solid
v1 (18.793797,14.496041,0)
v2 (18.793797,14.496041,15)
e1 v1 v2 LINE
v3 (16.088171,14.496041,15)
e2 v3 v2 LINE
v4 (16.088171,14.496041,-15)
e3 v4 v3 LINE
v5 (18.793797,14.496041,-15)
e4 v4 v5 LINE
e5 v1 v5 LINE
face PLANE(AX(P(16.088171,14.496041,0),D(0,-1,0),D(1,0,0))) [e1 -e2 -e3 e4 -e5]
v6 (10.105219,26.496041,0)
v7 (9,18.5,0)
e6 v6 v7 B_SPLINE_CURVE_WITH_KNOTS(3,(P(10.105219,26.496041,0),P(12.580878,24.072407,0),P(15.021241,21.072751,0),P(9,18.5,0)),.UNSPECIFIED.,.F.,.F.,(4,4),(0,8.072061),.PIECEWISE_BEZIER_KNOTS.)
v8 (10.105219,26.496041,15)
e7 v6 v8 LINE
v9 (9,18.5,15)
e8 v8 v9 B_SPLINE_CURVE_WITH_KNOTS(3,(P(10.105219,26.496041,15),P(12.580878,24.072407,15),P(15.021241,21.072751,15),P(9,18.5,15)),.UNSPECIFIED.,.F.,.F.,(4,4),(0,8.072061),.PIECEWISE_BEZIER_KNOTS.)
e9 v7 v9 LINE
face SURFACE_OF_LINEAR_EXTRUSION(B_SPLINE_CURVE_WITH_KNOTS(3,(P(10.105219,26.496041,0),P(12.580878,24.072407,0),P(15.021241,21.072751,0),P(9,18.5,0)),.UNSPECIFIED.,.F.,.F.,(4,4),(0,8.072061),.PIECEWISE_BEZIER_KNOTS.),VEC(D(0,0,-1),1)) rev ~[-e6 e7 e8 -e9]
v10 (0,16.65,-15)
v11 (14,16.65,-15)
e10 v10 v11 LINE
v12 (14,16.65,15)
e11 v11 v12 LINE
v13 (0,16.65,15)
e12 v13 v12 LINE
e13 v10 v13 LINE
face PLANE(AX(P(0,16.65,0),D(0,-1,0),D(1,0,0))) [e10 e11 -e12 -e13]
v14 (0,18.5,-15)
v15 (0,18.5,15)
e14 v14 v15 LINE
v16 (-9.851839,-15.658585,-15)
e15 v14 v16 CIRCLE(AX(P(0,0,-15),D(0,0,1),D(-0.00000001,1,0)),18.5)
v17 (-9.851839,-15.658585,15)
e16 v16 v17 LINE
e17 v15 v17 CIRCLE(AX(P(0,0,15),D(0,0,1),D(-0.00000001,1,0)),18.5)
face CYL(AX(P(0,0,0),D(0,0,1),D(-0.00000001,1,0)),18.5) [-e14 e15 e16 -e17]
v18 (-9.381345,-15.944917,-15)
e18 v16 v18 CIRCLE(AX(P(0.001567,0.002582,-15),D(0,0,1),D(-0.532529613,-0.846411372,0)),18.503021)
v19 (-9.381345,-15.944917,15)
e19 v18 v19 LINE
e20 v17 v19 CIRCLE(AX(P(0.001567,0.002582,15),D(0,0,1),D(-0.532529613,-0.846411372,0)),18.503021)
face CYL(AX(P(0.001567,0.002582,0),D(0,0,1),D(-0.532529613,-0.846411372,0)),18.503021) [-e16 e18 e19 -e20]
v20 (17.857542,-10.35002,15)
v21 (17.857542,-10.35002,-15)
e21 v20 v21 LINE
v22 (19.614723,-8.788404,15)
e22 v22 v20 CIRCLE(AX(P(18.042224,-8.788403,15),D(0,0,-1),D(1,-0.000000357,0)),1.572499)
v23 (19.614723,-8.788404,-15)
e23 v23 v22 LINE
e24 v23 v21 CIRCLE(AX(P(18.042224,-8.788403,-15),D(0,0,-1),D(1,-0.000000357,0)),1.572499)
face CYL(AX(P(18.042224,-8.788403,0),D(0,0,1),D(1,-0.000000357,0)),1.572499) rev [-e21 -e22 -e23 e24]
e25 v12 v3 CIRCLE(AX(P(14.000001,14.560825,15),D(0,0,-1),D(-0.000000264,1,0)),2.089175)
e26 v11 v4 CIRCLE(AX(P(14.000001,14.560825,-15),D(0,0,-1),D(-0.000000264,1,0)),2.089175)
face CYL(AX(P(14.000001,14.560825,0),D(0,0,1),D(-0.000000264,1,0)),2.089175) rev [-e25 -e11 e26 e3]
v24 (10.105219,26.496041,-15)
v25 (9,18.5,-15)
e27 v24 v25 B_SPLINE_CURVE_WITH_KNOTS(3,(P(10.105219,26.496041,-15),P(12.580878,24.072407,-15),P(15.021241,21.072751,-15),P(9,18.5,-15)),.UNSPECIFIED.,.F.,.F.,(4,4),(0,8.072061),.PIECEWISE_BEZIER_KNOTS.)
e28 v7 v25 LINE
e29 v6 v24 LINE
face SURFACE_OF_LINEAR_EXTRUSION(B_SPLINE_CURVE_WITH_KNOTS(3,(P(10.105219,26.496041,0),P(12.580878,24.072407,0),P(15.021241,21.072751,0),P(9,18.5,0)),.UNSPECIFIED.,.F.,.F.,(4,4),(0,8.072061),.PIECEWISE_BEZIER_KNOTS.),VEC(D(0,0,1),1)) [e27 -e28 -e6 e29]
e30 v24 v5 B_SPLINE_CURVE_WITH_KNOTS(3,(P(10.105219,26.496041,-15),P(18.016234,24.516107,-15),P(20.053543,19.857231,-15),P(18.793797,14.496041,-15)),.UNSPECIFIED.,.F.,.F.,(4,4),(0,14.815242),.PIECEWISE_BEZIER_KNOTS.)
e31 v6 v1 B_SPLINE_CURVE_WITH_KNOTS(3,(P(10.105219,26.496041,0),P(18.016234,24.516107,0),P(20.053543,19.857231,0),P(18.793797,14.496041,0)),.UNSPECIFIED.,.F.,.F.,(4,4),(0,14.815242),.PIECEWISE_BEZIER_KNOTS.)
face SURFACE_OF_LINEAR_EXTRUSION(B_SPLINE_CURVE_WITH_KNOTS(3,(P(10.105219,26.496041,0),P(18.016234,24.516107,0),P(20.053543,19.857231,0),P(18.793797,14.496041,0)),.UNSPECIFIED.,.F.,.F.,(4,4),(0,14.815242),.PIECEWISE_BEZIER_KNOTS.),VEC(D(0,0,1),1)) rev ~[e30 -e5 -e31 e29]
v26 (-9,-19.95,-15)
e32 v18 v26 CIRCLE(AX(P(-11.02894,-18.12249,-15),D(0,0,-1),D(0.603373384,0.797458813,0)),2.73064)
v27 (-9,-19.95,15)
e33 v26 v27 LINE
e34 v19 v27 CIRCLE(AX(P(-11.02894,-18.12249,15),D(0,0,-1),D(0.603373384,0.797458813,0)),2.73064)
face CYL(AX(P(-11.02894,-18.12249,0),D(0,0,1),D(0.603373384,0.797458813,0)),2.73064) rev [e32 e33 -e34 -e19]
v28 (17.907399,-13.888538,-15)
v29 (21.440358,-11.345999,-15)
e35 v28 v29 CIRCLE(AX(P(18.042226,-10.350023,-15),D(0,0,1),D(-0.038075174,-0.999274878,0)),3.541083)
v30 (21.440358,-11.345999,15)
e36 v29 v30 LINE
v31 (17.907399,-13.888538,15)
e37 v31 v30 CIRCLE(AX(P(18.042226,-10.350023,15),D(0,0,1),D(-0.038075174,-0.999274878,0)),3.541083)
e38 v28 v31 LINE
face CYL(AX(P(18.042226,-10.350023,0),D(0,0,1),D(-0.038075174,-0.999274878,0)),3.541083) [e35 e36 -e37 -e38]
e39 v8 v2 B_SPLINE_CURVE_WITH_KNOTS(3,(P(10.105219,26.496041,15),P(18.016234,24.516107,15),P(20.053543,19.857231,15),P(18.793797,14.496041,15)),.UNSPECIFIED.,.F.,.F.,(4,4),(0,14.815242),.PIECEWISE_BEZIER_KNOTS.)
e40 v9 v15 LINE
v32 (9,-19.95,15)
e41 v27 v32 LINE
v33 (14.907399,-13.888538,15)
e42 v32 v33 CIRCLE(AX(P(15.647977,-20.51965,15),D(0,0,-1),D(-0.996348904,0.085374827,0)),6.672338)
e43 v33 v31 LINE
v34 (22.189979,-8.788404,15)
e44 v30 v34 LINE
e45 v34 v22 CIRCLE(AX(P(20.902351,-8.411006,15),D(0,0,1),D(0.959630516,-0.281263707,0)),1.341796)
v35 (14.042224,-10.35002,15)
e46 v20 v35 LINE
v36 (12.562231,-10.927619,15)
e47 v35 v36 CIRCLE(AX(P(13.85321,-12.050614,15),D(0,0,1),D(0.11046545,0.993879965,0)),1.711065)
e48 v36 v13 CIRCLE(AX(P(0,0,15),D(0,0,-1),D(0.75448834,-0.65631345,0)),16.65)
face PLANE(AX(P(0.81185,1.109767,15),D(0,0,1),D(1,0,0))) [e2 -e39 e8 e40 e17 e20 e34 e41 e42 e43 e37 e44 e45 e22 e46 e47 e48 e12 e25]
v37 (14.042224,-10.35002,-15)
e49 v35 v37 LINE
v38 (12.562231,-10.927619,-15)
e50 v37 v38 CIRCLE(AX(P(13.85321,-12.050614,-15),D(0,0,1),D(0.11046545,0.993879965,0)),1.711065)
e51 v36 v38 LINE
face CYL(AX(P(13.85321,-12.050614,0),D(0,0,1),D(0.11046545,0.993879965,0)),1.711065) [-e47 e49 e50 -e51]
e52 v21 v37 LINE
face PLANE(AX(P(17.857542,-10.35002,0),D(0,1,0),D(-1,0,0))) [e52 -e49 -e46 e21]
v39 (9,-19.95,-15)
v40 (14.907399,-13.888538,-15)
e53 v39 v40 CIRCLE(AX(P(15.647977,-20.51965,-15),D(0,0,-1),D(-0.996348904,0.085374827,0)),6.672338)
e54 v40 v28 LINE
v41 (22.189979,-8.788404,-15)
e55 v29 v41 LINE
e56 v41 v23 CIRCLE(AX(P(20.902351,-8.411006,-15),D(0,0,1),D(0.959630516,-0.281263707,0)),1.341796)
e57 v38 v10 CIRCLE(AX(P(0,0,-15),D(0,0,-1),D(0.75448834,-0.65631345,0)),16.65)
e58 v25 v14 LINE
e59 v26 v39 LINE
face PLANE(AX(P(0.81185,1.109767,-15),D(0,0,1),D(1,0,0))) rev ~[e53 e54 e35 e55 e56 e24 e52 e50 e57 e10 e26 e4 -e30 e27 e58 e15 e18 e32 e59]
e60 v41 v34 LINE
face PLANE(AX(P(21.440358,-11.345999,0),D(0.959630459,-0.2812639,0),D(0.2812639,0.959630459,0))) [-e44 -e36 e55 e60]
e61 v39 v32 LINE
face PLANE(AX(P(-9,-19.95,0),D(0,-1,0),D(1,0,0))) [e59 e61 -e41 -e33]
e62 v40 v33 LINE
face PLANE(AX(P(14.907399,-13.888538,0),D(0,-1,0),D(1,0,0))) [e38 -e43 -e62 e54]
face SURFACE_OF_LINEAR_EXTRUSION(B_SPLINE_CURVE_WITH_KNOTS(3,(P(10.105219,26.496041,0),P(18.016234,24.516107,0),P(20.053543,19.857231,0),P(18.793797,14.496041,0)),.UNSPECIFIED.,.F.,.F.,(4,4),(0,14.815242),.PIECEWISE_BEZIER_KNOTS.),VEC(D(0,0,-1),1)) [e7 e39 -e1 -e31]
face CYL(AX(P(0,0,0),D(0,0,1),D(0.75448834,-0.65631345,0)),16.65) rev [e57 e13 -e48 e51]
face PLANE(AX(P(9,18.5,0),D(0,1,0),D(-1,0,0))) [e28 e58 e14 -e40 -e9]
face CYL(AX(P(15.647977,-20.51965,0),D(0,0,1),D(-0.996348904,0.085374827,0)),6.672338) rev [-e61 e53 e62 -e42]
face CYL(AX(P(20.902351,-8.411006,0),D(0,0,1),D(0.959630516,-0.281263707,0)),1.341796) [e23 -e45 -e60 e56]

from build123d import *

# Parameters (mm, degrees)
F1_DEPTH = 15


with BuildPart() as f1:
    # F0 (on Top) → F1 (new body, symmetric)
    with BuildSketch(Plane.XY):
        with BuildLine():
            ThreePointArc((12.562231, -10.927619), (-15.152019, -6.902088), (0, 16.65))
            Line((0, 16.65), (14, 16.65))
            ThreePointArc((14, 16.65), (15.5, 16.01501), (16.088171, 14.496041))
            Line((16.088171, 14.496041), (18.793797, 14.496041))
            add(Edge.make_bspline(
                [(10.105219, 26.496041), (18.016234, 24.516107), (20.053543, 19.857231), (18.793797, 14.496041)],
                knots=[0, 0, 0, 0, 14.815242, 14.815242, 14.815242, 14.815242], degree=3))
            add(Edge.make_bspline(
                [(10.105219, 26.496041), (12.580878, 24.072407), (15.021241, 21.072751), (9, 18.5)],
                knots=[0, 0, 0, 0, 8.072061, 8.072061, 8.072061, 8.072061], degree=3))
            Line((9, 18.5), (0, 18.5))
            ThreePointArc((0, 18.5), (-17.775458, 5.126704), (-9.851839, -15.658585))
            ThreePointArc((-9.851839, -15.658585), (-9.609354, -15.789858), (-9.381345, -15.944917))
            ThreePointArc((-9.381345, -15.944917), (-8.310595, -17.863662), (-9, -19.95))
            Line((-9, -19.95), (9, -19.95))
            ThreePointArc((9, -19.95), (10.869586, -15.862711), (14.907399, -13.888538))
            Line((14.907399, -13.888538), (17.907399, -13.888538))
            ThreePointArc((17.907399, -13.888538), (20.110659, -13.224193), (21.440358, -11.345999))
            Line((21.440358, -11.345999), (22.189979, -8.788404))
            ThreePointArc((22.189979, -8.788404), (20.902351, -7.06921), (19.614723, -8.788404))
            ThreePointArc((19.614723, -8.788404), (19.086815, -9.963811), (17.857542, -10.35002))
            Line((17.857542, -10.35002), (14.042224, -10.35002))
            ThreePointArc((14.042224, -10.35002), (13.231128, -10.456638), (12.562231, -10.927619))
        make_face()
        with BuildLine():
            ThreePointArc((-9.381345, -15.944917), (-9.609354, -15.789858), (-9.851839, -15.658585))
            ThreePointArc((-9.851839, -15.658585), (-9.617657, -15.803502), (-9.381345, -15.944917))
        make_face()
    extrude(amount=F1_DEPTH, both=True)


solid = f1.part
